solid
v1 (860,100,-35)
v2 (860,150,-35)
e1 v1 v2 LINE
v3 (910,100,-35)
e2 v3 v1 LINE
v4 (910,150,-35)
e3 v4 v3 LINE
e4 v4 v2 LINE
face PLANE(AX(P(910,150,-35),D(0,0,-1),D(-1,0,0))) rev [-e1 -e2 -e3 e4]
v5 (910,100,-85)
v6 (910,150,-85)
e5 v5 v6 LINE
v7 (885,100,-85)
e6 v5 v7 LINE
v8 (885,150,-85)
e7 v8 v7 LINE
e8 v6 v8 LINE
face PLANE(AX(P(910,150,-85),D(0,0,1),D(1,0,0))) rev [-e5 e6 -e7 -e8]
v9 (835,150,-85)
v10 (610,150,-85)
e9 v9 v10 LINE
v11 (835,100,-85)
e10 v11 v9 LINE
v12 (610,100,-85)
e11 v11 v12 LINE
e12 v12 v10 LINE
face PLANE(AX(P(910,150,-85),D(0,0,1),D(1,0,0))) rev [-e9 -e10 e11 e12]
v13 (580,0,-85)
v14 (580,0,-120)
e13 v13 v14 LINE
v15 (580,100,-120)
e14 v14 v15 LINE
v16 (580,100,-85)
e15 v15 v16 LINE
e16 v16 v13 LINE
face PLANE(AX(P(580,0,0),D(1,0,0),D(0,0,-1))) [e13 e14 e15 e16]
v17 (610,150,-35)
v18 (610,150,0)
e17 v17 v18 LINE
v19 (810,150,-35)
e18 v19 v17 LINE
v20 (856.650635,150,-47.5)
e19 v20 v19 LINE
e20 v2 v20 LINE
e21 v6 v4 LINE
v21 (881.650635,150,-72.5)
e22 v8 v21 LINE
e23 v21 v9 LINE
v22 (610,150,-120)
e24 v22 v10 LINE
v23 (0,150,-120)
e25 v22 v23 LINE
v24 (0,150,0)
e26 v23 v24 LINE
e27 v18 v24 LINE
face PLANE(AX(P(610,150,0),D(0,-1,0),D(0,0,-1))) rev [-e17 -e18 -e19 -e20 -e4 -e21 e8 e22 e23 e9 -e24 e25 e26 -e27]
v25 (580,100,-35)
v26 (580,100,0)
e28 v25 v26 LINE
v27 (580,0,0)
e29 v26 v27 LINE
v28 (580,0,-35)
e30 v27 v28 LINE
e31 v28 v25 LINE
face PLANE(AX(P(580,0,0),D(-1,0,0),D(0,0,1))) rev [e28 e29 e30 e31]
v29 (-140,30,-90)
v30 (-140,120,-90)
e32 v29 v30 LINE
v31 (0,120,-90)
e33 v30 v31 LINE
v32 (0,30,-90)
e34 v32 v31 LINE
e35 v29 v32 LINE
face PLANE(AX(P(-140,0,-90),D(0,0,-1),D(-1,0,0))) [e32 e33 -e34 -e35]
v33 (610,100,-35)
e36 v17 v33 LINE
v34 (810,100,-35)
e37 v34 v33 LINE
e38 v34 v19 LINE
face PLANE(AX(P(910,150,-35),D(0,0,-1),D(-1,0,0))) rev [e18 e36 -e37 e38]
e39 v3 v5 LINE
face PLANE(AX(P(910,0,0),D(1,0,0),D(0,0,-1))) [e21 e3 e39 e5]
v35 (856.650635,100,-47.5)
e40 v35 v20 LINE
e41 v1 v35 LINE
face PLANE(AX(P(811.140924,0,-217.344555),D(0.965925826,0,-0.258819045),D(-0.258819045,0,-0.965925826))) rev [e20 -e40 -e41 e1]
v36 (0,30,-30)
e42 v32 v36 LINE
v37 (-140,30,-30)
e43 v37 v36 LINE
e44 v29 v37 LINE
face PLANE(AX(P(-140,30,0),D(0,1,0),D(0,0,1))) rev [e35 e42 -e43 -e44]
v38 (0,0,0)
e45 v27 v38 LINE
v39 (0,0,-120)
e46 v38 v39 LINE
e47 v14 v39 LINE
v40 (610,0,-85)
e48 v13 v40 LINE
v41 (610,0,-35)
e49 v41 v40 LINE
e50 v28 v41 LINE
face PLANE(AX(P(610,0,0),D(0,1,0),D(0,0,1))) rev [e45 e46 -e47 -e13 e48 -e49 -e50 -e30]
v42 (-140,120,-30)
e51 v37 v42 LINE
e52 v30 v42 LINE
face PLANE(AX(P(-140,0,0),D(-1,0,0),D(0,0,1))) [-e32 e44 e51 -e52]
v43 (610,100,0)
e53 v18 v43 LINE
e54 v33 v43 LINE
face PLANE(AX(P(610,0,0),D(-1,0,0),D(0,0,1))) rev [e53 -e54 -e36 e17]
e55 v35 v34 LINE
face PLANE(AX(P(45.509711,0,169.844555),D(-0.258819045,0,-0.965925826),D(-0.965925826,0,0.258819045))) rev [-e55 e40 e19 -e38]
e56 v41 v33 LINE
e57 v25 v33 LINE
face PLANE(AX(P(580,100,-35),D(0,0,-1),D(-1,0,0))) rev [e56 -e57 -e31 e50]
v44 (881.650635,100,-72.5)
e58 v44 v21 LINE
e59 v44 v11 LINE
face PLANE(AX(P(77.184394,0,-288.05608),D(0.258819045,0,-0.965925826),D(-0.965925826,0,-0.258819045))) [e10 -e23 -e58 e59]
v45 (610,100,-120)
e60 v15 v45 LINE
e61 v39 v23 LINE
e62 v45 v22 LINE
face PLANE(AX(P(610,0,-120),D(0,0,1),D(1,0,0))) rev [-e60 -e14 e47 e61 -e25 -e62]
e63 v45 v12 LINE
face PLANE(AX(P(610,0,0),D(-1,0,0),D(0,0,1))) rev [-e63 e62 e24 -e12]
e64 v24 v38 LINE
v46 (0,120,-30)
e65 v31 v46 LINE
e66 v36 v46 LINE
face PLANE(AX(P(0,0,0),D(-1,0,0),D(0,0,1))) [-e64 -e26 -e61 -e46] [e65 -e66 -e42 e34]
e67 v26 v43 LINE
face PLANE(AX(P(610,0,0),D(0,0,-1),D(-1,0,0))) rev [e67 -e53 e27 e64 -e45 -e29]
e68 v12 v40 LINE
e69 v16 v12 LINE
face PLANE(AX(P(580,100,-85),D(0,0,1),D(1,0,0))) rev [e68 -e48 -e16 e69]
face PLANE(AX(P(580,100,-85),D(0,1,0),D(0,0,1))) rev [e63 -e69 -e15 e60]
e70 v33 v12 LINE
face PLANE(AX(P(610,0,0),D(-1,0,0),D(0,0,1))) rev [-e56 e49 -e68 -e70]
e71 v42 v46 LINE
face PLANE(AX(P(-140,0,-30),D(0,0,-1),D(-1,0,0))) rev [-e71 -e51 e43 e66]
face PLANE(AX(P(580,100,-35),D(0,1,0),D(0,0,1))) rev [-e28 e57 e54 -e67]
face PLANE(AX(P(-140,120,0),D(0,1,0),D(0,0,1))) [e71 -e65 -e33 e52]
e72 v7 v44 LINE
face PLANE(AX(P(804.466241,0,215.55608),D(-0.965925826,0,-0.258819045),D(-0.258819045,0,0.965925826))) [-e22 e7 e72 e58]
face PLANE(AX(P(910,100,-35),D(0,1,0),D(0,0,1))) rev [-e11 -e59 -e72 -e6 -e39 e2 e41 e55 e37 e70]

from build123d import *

# Parameters (mm, degrees)
SKETCH_1_W          = 120
SKETCH_1_H          = 150
EXTRUDE_1_DEPTH     = 610
SKETCH_2_W          = 50
SKETCH_2_H          = 50
EXTRUDE_2_DEPTH     = 300
SKETCH_3_W          = 60
SKETCH_3_H          = 90
EXTRUDE_3_DEPTH     = 140
SKETCH_4_W          = 35
SKETCH_4_H          = 100
CUT_EXTRUDE_1_DEPTH = 30
CUT_EXTRUDE_2_DEPTH = 151


with BuildPart() as part:
    # 草图1 → 凸台-拉伸1 (new body)
    with BuildSketch(Plane(origin=(0, 0, 0), x_dir=(0, 0, -1), z_dir=(1, 0, 0))):
        with Locations((60, 75)):
            Rectangle(SKETCH_1_W, SKETCH_1_H)
    extrude(amount=EXTRUDE_1_DEPTH)

    # 草图2 → 凸台-拉伸2 (add)
    with BuildSketch(Plane(origin=(610, 0, 0), x_dir=(0, 0, -1), z_dir=(1, 0, 0))):
        with Locations((60, 125)):
            Rectangle(SKETCH_2_W, SKETCH_2_H)
    extrude(amount=EXTRUDE_2_DEPTH)

    # 草图3 → 凸台-拉伸3 (add)
    with BuildSketch(Plane.ZY):
        with Locations((-60, 75)):
            Rectangle(SKETCH_3_W, SKETCH_3_H)
    extrude(amount=EXTRUDE_3_DEPTH)

    # 草图4 → 切除-拉伸1 (cut)
    with BuildSketch(Plane(origin=(610, 0, 0), x_dir=(0, 0, -1), z_dir=(1, 0, 0))):
        with Locations((17.5, 50)):
            Rectangle(SKETCH_4_W, SKETCH_4_H)
        with Locations((102.5, 50)):
            Rectangle(SKETCH_4_W, SKETCH_4_H)
    extrude(amount=-CUT_EXTRUDE_1_DEPTH, mode=Mode.SUBTRACT)

    # 草图5 → 切除-拉伸2 (cut, through all)
    with BuildSketch(Plane(origin=(0, 150, 0), x_dir=(1, 0, 0), z_dir=(0, 1, 0))):
        Polygon((810, 35), (860, 35), (856.650635095, 47.5), align=None)
        Polygon((881.650635095, 72.5), (885, 85), (835, 85), align=None)
    extrude(amount=-CUT_EXTRUDE_2_DEPTH, mode=Mode.SUBTRACT)


solid = part.part
